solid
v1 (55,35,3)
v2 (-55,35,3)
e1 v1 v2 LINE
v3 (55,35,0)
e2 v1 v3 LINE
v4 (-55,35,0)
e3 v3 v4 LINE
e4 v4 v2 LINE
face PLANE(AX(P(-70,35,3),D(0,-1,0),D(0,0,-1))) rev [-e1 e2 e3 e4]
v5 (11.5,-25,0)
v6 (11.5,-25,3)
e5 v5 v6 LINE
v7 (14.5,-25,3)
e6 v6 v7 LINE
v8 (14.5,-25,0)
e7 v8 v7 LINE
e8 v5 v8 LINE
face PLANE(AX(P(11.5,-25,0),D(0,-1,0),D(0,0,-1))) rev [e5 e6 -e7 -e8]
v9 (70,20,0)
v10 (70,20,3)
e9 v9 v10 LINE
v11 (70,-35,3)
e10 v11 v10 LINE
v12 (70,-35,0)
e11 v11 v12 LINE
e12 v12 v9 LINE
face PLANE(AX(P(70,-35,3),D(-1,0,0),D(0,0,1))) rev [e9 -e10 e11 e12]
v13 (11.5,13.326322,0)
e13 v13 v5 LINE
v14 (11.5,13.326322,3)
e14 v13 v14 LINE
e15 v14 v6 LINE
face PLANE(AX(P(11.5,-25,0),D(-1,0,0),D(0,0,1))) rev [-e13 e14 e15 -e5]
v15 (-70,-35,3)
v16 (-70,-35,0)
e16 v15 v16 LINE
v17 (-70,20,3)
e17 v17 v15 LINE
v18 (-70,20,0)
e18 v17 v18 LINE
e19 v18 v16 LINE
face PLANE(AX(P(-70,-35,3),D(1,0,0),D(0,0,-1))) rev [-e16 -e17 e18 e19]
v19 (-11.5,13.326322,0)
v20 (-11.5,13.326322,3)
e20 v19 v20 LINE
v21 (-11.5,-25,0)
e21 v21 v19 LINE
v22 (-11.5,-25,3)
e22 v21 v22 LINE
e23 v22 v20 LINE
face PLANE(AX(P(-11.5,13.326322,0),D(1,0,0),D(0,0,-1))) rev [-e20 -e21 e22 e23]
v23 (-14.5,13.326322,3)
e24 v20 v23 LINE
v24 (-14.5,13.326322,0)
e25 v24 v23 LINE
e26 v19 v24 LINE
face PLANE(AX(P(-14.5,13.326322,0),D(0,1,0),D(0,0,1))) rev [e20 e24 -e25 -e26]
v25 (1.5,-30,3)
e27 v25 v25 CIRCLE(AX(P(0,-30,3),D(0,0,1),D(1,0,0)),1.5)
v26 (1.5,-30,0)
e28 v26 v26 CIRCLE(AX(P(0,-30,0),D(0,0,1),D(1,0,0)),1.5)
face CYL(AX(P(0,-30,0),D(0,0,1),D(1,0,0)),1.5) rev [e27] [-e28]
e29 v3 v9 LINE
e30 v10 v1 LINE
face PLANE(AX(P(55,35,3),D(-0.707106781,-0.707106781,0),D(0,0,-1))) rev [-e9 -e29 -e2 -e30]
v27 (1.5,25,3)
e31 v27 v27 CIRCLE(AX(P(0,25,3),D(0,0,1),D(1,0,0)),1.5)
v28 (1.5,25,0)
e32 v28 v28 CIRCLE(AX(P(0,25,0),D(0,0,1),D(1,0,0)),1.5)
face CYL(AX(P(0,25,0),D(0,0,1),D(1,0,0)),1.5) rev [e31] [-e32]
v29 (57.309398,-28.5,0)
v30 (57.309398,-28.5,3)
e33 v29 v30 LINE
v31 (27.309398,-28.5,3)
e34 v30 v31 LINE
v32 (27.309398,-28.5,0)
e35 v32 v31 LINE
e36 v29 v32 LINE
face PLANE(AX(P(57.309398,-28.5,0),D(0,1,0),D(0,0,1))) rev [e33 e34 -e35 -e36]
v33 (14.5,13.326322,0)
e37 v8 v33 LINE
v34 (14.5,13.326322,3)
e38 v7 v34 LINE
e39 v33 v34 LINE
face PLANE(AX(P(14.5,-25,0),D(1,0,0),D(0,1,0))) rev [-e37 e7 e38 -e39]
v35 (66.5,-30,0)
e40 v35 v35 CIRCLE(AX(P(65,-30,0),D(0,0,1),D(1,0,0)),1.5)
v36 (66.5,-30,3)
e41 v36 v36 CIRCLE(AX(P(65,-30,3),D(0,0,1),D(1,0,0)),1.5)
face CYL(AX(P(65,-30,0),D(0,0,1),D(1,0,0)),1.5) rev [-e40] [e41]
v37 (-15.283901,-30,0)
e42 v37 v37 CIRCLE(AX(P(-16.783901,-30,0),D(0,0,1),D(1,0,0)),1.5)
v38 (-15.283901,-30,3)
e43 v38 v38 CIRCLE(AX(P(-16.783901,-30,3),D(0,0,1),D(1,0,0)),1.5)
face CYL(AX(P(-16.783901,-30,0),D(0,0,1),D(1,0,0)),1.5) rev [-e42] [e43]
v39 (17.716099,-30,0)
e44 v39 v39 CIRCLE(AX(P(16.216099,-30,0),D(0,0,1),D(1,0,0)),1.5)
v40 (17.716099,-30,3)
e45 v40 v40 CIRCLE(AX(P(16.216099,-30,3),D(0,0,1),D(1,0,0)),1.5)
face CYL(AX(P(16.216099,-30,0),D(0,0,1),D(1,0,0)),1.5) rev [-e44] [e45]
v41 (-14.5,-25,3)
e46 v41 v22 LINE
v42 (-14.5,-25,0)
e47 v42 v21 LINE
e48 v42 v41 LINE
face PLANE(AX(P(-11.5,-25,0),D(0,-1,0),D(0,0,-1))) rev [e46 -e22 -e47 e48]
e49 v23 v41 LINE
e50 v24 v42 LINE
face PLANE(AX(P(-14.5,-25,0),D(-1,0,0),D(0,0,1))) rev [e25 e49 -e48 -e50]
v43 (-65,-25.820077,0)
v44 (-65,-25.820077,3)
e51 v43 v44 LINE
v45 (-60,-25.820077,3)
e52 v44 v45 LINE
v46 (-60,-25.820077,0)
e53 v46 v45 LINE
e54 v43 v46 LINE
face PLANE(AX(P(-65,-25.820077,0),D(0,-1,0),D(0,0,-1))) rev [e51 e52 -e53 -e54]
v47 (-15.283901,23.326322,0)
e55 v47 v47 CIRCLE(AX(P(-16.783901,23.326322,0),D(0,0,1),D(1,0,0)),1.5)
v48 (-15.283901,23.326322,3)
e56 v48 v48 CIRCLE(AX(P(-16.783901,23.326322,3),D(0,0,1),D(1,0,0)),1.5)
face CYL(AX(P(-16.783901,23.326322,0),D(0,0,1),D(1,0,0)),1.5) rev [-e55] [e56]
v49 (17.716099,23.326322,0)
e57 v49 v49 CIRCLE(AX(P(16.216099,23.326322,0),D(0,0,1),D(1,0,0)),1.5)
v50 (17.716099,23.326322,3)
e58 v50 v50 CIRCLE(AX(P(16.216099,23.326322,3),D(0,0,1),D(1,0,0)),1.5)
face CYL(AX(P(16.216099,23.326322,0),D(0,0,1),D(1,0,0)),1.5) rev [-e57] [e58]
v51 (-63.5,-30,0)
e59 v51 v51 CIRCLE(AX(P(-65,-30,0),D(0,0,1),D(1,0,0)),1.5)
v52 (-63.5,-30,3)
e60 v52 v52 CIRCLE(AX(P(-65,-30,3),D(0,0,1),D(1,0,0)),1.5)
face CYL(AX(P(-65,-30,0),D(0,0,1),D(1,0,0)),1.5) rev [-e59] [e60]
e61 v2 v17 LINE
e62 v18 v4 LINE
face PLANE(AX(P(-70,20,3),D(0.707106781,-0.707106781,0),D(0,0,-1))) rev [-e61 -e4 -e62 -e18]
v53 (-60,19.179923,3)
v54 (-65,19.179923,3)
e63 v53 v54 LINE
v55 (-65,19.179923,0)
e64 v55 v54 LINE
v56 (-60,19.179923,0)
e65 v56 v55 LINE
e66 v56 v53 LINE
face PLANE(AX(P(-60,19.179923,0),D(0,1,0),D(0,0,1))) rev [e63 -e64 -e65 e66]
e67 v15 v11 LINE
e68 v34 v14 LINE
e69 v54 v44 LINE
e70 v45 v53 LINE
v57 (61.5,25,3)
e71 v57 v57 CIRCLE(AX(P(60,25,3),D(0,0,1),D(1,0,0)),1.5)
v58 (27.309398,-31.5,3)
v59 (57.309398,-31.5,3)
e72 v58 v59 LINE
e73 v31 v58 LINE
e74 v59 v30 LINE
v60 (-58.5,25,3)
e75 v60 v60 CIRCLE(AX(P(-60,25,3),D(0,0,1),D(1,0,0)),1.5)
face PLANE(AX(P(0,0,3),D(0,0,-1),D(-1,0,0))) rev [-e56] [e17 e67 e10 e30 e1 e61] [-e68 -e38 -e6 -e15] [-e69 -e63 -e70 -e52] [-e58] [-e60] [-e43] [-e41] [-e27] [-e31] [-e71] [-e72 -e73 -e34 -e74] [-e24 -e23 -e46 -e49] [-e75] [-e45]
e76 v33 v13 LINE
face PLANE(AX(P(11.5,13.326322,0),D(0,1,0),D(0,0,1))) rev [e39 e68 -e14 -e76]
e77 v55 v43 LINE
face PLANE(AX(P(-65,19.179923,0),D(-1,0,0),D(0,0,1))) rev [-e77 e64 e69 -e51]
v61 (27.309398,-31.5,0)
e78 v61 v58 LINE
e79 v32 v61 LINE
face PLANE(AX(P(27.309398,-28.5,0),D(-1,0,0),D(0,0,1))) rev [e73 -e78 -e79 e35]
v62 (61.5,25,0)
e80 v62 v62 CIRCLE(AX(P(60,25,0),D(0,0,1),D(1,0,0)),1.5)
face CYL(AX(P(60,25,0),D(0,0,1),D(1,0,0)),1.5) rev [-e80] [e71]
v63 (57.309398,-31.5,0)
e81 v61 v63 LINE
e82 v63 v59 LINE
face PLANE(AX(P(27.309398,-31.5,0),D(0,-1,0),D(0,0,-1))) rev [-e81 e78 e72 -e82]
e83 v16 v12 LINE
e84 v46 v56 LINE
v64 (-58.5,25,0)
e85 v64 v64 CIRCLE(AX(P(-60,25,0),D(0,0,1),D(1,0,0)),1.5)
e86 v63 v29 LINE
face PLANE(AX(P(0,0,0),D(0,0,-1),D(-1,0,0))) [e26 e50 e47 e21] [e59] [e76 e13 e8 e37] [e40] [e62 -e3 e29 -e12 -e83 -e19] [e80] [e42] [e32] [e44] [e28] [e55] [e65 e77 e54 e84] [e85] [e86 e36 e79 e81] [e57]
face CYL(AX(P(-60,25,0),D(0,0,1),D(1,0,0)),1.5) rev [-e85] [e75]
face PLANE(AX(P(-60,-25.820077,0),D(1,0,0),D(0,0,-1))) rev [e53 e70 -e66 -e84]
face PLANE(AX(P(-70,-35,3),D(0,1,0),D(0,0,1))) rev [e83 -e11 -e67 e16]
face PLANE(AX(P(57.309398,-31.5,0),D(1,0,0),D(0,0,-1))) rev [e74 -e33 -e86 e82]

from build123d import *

# Parameters (mm, degrees)
CROQUIS2_W              = 140
CROQUIS2_H              = 70
SALIENTE_EXTRUIR1_DEPTH = 3
CROQUIS3_R              = 1.5
CORTAR_EXTRUIR1_DEPTH   = 3
CHAFL_N2_SIZE           = 15
CROQUIS4_R              = 1.5
CROQUIS4_W              = 3
CROQUIS4_H              = 38.326321521
CROQUIS4_W_2            = 30
CROQUIS4_H_2            = 3
CROQUIS4_W_3            = 5
CROQUIS4_H_3            = 45
CORTAR_EXTRUIR2_DEPTH   = 3


with BuildPart() as part:
    # Croquis2 → Saliente-Extruir1 (new body)
    with BuildSketch(Plane.XY):
        Rectangle(CROQUIS2_W, CROQUIS2_H)
    extrude(amount=SALIENTE_EXTRUIR1_DEPTH)

    # Croquis3 → Cortar-Extruir1 (cut)
    with BuildSketch(Plane.XY.offset(3)):
        with Locations((-65, -30)):
            Circle(CROQUIS3_R)
        with Locations((65, -30)):
            Circle(CROQUIS3_R)
        with Locations((0, -30)):
            Circle(CROQUIS3_R)
        with Locations((-60, 25)):
            Circle(CROQUIS3_R)
        with Locations((60, 25)):
            Circle(CROQUIS3_R)
        with Locations((0, 25)):
            Circle(CROQUIS3_R)
    extrude(amount=-CORTAR_EXTRUIR1_DEPTH, mode=Mode.SUBTRACT)

    # Chaflán2
    chafl_n2_edges = [part.edges().sort_by_distance(p)[0] for p in [
        (-70, 35, 1.5),
        (70, 35, 1.5),
    ]]
    chamfer(chafl_n2_edges, length=CHAFL_N2_SIZE)

    # Croquis4 → Cortar-Extruir2 (cut)
    with BuildSketch(Plane.XY.offset(3)):
        with Locations((-16.783900612, 23.326321521)):
            Circle(CROQUIS4_R)
        with Locations((16.216099388, 23.326321521)):
            Circle(CROQUIS4_R)
        with Locations((-16.783900612, -30)):
            Circle(CROQUIS4_R)
        with Locations((16.216099388, -30)):
            Circle(CROQUIS4_R)
        with Locations((13, -5.836839239)):
            Rectangle(CROQUIS4_W, CROQUIS4_H)
        with Locations((-13, -5.836839239)):
            Rectangle(CROQUIS4_W, CROQUIS4_H)
        with Locations((42.309397606, -30)):
            Rectangle(CROQUIS4_W_2, CROQUIS4_H_2)
        with Locations((-62.5, -3.320076901)):
            Rectangle(CROQUIS4_W_3, CROQUIS4_H_3)
    extrude(amount=-CORTAR_EXTRUIR2_DEPTH, mode=Mode.SUBTRACT)


solid = part.part
